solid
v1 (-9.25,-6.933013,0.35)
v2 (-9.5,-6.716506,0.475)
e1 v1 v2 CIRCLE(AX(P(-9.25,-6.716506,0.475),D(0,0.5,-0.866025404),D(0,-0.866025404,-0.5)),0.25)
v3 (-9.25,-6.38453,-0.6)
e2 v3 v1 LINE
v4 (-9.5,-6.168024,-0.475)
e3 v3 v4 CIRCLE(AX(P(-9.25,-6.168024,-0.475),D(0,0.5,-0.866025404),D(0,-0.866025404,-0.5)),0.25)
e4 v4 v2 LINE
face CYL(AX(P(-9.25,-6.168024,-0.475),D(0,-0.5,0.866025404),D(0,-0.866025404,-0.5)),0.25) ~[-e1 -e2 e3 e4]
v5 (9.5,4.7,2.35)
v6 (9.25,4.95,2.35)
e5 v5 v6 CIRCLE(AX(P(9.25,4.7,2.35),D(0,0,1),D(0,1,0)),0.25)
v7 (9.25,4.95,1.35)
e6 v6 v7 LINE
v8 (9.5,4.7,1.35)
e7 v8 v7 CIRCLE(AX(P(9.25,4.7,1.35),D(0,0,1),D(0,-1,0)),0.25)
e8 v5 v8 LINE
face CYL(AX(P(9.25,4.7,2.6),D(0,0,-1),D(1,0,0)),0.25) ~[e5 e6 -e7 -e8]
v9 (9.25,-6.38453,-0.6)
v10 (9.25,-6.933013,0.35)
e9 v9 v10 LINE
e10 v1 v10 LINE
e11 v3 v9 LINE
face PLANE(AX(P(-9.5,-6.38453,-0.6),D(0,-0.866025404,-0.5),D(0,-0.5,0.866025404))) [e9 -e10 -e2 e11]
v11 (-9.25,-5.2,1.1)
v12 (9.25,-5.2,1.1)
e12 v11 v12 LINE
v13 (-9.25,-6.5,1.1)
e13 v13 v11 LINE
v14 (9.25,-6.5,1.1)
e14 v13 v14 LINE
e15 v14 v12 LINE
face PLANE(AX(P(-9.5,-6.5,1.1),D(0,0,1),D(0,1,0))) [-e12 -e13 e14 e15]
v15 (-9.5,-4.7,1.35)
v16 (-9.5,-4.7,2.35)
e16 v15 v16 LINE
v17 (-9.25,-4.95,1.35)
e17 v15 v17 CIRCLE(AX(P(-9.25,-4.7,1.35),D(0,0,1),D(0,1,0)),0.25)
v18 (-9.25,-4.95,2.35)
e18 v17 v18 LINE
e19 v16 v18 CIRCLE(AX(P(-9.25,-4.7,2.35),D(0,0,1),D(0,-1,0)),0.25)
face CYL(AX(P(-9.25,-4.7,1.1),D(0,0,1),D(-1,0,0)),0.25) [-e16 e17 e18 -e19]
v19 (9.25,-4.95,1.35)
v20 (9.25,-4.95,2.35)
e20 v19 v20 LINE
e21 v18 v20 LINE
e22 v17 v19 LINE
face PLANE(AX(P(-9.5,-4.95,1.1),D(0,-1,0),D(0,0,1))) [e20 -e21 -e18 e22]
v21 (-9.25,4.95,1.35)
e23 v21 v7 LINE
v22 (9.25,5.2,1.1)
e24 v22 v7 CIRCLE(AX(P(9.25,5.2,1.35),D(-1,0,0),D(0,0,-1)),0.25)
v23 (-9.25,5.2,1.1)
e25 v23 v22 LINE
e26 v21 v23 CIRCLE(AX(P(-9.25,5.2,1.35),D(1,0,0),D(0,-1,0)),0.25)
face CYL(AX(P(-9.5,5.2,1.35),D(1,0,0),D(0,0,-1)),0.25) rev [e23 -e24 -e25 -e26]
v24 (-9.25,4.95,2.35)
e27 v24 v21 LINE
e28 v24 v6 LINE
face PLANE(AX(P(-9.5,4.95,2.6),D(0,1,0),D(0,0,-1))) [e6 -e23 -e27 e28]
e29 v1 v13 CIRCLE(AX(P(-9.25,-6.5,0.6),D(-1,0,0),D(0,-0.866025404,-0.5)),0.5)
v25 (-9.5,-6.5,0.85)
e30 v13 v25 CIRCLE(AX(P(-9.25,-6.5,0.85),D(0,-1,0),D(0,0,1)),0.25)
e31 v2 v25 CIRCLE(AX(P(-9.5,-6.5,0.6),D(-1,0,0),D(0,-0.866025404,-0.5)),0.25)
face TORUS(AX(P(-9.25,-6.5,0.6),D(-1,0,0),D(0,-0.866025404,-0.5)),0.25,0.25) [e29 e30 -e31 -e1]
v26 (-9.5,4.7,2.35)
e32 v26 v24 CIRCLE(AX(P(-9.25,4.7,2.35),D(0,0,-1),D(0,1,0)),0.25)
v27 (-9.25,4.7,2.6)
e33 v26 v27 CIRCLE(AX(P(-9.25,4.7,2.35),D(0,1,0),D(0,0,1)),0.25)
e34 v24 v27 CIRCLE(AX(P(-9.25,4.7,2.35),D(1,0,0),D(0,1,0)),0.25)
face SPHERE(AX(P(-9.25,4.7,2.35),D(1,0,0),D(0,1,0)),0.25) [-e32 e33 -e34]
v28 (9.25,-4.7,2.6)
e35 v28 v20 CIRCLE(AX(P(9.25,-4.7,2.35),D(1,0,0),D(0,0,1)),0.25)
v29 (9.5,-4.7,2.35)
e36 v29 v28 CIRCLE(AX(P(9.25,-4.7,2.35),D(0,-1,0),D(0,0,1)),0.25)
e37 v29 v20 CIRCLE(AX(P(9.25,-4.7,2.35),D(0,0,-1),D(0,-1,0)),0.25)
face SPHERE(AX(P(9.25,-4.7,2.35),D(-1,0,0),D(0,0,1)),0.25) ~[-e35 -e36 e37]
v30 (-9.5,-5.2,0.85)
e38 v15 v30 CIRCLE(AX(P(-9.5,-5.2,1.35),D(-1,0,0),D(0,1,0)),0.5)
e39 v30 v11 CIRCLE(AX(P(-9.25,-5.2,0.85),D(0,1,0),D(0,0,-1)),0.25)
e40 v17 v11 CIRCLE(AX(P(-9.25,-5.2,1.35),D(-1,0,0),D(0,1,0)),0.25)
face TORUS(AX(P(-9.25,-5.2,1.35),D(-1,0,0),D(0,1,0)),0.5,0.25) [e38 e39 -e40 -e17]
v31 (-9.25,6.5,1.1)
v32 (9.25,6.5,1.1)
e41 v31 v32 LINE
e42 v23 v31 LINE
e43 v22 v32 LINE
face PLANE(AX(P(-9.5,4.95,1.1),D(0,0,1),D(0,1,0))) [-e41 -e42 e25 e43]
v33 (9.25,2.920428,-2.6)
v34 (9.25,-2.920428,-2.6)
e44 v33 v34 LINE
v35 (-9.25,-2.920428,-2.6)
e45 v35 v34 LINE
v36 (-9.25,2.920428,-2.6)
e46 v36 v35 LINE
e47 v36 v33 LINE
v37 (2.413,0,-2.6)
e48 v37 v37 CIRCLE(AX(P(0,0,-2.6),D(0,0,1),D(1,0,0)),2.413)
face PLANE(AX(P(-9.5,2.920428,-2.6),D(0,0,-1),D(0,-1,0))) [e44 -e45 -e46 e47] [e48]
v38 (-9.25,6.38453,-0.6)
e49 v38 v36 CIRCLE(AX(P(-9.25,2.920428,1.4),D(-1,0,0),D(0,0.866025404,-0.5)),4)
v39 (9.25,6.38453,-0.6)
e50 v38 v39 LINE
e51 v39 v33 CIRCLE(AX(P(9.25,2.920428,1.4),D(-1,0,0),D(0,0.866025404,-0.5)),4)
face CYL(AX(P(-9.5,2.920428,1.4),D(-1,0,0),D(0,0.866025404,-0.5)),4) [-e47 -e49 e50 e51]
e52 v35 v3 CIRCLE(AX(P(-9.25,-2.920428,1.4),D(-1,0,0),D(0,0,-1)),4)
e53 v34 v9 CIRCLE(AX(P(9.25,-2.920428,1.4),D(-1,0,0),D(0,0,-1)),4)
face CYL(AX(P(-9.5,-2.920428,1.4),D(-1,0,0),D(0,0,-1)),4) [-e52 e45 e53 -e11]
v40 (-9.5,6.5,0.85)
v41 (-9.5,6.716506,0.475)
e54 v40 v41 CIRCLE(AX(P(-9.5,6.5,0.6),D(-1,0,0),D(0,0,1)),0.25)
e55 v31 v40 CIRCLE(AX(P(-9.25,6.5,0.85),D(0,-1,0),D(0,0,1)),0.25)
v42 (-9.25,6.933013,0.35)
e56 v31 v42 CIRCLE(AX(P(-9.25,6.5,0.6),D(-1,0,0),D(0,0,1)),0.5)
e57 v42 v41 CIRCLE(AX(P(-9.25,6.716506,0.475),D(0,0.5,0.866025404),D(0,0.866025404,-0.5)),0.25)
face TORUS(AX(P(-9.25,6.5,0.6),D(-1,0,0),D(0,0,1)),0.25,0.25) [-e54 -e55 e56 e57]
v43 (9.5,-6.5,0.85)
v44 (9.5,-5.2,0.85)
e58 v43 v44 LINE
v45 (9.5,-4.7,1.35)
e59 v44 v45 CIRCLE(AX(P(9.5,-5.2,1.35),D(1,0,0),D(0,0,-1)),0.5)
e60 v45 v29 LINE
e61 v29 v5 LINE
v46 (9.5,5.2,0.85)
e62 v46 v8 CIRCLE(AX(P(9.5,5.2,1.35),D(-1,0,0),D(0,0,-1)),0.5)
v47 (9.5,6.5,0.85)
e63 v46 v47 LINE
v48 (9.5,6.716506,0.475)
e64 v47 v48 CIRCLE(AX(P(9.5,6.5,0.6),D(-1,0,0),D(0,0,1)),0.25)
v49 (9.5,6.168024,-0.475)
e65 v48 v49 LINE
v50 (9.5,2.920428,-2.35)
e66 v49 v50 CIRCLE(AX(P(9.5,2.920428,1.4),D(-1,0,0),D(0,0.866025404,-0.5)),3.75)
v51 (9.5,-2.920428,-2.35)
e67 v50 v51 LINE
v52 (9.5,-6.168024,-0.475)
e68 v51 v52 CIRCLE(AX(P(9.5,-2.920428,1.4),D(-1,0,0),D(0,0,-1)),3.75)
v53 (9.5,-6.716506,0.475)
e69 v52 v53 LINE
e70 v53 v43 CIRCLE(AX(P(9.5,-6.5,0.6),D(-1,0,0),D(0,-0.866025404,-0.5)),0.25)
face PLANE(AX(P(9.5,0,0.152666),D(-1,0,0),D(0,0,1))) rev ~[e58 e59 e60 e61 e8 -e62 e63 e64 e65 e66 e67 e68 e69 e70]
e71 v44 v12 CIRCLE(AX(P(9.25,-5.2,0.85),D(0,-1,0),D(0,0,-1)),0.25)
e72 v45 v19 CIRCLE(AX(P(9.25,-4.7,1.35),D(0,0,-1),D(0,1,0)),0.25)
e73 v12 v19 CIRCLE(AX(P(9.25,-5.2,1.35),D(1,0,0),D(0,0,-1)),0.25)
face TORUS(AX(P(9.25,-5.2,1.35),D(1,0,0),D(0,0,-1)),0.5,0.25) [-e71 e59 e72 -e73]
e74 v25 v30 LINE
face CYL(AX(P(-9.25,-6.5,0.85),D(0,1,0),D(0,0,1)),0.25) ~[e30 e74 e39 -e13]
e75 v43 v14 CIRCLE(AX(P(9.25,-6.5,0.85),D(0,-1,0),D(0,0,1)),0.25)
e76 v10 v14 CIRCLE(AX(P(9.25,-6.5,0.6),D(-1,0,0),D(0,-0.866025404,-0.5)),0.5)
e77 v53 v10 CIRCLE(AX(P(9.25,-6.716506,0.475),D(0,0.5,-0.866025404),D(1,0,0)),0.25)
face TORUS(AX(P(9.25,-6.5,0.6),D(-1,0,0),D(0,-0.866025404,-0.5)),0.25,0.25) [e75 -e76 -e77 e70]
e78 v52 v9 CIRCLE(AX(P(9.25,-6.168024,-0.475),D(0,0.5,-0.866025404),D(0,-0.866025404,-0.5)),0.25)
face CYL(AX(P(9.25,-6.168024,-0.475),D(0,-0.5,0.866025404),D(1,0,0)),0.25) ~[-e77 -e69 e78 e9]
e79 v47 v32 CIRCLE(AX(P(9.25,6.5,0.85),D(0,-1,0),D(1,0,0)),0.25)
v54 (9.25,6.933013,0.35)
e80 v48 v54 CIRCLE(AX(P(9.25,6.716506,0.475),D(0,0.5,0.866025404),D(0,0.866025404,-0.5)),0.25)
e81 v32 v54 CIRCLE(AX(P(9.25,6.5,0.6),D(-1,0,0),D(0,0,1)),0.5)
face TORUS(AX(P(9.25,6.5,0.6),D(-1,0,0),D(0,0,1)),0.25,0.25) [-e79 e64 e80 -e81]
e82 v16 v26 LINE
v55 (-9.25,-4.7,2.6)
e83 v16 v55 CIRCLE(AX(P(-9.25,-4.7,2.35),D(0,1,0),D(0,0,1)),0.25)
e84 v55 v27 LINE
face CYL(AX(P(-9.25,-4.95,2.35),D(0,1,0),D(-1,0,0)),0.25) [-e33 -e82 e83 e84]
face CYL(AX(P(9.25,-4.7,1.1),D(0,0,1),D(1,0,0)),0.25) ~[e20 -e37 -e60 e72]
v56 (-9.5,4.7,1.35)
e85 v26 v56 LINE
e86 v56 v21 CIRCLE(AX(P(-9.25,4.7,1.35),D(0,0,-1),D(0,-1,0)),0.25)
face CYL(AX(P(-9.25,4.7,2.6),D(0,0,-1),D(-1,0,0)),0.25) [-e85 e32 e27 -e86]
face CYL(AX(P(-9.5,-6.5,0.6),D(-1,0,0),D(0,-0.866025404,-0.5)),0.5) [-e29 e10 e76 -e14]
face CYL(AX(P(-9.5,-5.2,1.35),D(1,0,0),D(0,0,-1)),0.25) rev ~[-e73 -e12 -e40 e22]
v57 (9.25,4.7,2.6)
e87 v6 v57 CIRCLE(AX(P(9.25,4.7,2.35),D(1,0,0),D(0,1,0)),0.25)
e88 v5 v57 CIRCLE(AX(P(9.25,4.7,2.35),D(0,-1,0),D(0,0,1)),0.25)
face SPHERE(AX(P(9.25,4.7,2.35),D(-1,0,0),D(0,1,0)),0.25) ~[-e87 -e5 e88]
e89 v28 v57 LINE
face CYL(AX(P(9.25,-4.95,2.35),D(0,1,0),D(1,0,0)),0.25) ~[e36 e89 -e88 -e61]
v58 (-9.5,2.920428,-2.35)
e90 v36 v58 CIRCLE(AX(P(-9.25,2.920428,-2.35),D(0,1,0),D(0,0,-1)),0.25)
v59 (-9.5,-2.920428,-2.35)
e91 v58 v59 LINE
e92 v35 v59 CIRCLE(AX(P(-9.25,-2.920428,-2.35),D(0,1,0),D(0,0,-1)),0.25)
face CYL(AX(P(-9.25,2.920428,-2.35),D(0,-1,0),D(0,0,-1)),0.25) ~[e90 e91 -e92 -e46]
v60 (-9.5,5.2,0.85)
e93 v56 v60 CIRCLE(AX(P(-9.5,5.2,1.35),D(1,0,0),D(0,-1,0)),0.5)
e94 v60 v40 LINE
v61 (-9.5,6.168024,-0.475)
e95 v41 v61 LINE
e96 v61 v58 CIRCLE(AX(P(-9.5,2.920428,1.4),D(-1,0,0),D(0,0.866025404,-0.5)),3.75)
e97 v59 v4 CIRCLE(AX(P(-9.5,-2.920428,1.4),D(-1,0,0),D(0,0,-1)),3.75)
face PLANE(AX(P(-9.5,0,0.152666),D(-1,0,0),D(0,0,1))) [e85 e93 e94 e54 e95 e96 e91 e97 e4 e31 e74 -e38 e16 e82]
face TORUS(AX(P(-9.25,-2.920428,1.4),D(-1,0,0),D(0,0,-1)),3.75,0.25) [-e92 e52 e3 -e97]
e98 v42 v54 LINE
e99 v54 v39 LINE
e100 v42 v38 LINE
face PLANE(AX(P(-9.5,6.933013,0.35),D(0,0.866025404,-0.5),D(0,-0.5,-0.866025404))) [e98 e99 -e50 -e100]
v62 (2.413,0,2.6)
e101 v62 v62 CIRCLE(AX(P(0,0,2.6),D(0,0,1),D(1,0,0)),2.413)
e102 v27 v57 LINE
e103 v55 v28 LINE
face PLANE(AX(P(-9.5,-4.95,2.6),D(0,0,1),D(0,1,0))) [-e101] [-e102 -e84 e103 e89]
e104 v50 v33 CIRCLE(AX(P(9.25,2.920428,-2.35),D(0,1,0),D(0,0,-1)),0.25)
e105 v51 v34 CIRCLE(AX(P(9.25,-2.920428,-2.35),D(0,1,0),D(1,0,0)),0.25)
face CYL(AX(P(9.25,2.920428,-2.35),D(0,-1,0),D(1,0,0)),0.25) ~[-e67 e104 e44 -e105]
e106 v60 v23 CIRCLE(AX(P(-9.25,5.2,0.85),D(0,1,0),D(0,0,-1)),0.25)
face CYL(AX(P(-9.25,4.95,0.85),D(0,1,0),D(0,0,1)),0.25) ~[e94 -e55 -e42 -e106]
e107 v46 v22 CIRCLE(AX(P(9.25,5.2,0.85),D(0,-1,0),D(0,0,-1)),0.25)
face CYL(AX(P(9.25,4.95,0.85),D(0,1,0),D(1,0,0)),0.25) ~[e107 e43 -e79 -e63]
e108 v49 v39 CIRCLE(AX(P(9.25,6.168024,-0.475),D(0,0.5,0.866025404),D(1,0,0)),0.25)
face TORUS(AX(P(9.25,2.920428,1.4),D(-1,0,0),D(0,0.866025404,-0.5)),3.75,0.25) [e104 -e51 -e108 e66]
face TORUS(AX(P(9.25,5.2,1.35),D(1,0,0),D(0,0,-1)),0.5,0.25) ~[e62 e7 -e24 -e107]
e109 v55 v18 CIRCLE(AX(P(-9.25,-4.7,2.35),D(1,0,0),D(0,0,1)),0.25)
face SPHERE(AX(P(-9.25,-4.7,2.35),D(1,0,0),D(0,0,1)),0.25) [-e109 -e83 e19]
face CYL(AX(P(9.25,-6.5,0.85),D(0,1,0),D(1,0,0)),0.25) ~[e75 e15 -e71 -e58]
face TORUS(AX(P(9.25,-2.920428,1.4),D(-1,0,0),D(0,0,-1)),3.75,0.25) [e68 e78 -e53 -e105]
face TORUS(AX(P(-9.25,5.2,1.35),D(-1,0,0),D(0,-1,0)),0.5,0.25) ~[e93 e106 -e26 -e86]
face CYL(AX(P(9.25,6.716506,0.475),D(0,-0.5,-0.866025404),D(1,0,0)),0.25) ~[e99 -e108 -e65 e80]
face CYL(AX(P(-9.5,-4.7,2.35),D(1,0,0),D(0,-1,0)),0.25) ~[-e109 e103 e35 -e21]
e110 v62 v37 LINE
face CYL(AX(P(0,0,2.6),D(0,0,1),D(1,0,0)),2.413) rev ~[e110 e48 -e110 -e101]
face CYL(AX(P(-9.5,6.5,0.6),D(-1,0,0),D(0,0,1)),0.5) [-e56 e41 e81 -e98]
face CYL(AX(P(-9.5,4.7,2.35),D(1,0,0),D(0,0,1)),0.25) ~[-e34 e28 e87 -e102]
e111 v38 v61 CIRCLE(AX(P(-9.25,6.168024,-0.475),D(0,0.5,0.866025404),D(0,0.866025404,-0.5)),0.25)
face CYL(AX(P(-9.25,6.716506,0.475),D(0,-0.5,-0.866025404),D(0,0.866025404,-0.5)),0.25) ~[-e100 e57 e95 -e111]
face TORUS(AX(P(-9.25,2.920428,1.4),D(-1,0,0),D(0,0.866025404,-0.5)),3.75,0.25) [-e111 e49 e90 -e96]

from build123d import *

# Parameters (mm, degrees)
BOSS_EXTRUDE1_DEPTH      = 9.5
BOSS_EXTRUDE1_DEPTH_BACK = 9.5
SKETCH6_R                = 2.413
CUT_EXTRUDE2_DEPTH       = 13.895347998
FILLET5_R                = 0.25


with BuildPart() as part:
    # Sketch4 → Boss-Extrude1 (new, two sides: drawn at the far end of the back side and taken through both)
    with BuildSketch(Plane(origin=(0, 0, 0), x_dir=(0, 0, -1), z_dir=(1, 0, 0)).offset(-BOSS_EXTRUDE1_DEPTH_BACK)):
        with BuildLine():
            Line((-0.35, 6.933012702), (0.6, 6.384529946))
            ThreePointArc((0.6, 6.384529946), (2.064101615, 4.920428331), (2.6, 2.920428331))
            Line((2.6, 2.920428331), (2.6, -2.920428331))
            ThreePointArc((2.6, -2.920428331), (2.064101615, -4.920428331), (0.6, -6.384529946))
            Line((0.6, -6.384529946), (-0.35, -6.933012702))
            ThreePointArc((-0.35, -6.933012702), (-0.85, -6.933012702), (-1.1, -6.5))
            Line((-1.1, -6.5), (-1.1, -4.95))
            Line((-1.1, -4.95), (-2.6, -4.95))
            Line((-2.6, -4.95), (-2.6, 4.95))
            Line((-2.6, 4.95), (-1.1, 4.95))
            Line((-1.1, 4.95), (-1.1, 6.5))
            ThreePointArc((-1.1, 6.5), (-0.85, 6.933012702), (-0.35, 6.933012702))
        make_face()
    extrude(amount=BOSS_EXTRUDE1_DEPTH + BOSS_EXTRUDE1_DEPTH_BACK)

    # Sketch6 → Cut-Extrude2 (cut, through all)
    with BuildSketch(Plane.XY.offset(2.6)):
        Circle(SKETCH6_R)
    extrude(amount=-CUT_EXTRUDE2_DEPTH, mode=Mode.SUBTRACT)

    # Fillet5
    fillet5_edges = [part.edges().sort_by_distance(p)[0] for p in [
        (-9.5, 4.920428331, -2.064101615),
        (-9.5, 6.658771324, -0.125),
        (-9.5, 6.933012702, 0.85),
        (-9.5, 5.725, 1.1),
        (0, -4.95, 1.1),
        (0, -4.95, 2.6),
        (0, 4.95, 2.6),
        (0, 4.95, 1.1),
        (-9.5, 4.95, 1.85),
        (-9.5, 0, 2.6),
        (-9.5, -4.95, 1.85),
        (-9.5, -5.725, 1.1),
        (9.5, -4.920428331, -2.064101615),
        (9.5, 0, -2.6),
        (9.5, 4.920428331, -2.064101615),
        (-9.5, -6.933012702, 0.85),
        (9.5, 6.658771324, -0.125),
        (9.5, 6.933012702, 0.85),
        (9.5, 5.725, 1.1),
        (9.5, 4.95, 1.85),
        (9.5, 0, 2.6),
        (9.5, -4.95, 1.85),
        (9.5, -5.725, 1.1),
        (9.5, -6.933012702, 0.85),
        (9.5, -6.658771324, -0.125),
        (-9.5, -6.658771324, -0.125),
        (-9.5, -4.920428331, -2.064101615),
        (-9.5, 0, -2.6),
    ]]
    fillet(fillet5_edges, radius=FILLET5_R)


solid = part.part
